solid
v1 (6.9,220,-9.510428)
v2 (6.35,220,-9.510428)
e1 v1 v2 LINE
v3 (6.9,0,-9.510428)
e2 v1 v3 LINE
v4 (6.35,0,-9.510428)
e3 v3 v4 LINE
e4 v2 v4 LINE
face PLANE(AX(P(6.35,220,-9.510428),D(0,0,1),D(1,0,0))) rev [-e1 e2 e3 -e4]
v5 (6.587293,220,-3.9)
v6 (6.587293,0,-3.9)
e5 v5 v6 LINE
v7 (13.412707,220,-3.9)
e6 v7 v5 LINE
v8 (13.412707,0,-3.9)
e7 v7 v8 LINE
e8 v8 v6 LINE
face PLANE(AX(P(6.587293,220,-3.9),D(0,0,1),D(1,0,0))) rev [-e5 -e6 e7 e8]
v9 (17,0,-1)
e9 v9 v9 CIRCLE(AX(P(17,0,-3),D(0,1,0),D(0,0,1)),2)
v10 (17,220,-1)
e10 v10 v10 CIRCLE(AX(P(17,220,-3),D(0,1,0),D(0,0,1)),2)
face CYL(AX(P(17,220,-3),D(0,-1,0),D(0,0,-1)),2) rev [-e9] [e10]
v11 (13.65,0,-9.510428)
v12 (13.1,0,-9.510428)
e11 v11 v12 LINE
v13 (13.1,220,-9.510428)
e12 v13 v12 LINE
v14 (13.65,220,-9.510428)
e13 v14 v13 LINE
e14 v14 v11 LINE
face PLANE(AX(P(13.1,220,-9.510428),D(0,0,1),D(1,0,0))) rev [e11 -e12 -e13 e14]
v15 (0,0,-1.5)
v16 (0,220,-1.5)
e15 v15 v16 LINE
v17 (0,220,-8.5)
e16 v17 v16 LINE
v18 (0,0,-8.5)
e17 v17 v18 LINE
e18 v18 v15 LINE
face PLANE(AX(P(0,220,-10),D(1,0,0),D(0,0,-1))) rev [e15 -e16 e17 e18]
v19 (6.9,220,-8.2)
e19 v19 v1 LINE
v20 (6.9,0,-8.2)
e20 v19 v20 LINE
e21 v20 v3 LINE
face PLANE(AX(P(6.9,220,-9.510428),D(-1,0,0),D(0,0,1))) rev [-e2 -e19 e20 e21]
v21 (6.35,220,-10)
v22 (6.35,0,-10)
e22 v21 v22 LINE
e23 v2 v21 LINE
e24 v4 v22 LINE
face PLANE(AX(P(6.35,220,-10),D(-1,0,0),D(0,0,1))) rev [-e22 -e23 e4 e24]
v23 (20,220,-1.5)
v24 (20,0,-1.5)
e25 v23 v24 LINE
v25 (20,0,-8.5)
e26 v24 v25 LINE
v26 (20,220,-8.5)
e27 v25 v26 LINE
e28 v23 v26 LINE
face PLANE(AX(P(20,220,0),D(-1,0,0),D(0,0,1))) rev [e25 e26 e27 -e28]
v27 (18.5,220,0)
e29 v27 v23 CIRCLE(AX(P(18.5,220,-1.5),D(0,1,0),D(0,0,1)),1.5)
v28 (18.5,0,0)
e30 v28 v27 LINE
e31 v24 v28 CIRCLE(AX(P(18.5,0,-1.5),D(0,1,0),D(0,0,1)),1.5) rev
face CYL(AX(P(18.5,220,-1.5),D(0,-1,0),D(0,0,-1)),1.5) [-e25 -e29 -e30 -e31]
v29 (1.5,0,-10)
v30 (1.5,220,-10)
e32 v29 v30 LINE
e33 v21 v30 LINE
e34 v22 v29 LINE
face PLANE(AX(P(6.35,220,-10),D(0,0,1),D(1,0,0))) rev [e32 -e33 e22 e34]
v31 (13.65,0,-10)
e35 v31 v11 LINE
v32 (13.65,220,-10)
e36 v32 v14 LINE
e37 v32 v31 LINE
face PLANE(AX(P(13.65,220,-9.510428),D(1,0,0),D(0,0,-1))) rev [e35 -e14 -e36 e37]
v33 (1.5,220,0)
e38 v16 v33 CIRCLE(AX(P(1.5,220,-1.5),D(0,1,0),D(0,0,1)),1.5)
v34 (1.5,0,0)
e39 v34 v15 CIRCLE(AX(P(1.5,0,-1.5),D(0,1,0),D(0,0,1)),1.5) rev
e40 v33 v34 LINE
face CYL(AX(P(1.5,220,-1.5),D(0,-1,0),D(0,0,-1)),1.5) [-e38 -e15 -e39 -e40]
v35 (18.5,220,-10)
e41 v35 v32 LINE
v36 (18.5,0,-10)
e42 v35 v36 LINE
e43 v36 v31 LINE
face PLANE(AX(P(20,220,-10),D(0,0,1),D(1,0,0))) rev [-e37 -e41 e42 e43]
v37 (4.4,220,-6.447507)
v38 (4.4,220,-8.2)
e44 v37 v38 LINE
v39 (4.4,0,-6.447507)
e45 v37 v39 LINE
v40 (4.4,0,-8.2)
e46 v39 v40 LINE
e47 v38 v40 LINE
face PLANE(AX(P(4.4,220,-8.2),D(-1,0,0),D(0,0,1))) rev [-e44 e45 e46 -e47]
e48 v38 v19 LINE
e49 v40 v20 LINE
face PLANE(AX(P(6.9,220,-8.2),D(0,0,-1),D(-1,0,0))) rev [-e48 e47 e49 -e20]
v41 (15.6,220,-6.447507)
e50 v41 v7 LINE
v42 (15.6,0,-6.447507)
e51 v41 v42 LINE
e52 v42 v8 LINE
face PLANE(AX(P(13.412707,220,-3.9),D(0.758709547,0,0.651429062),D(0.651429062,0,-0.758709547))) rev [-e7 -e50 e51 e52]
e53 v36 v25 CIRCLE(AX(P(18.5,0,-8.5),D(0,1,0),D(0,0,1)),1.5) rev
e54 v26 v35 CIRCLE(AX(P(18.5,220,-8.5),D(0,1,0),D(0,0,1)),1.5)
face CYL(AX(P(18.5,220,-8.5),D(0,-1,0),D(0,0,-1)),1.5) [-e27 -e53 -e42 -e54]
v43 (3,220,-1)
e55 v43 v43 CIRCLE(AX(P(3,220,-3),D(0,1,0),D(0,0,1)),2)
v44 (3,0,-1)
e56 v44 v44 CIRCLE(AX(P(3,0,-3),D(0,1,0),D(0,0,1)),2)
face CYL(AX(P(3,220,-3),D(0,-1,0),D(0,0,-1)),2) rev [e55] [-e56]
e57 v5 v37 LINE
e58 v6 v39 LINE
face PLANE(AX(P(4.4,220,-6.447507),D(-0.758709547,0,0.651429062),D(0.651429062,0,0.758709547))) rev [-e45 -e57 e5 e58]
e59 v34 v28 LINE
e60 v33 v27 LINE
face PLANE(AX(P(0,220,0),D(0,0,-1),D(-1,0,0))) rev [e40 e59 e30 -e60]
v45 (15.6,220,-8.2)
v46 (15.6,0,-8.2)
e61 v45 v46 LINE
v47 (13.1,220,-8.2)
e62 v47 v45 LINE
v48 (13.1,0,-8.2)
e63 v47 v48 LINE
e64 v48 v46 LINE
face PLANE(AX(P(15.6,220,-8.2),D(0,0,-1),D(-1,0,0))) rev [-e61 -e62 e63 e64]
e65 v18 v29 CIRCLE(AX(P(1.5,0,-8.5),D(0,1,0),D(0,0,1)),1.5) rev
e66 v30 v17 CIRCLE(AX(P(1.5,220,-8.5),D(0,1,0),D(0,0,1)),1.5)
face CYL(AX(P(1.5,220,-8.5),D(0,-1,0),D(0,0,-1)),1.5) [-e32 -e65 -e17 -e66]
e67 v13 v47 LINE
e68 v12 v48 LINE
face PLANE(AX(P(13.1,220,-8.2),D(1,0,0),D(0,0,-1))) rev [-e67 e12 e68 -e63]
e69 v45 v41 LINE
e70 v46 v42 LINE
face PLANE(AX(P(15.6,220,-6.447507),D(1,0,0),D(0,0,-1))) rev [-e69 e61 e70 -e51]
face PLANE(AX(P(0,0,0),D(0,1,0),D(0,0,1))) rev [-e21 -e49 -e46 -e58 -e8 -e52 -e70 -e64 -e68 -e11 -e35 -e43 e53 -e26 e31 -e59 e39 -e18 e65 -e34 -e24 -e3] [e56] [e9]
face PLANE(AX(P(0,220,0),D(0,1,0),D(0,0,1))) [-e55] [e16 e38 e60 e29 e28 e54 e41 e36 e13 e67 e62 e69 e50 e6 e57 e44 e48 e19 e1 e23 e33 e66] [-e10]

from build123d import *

# Parameters (mm, degrees)
SKETCH_1_R      = 2
EXTRUDE_1_DEPTH = 220
FILLET_1_R      = 1.5


with BuildPart() as part:
    # 草图1 → 凸台-拉伸1 (new body)
    with BuildSketch(Plane(origin=(0, 0, 0), x_dir=(1, 0, 0), z_dir=(0, 1, 0))):
        Polygon((0, 0), (20, 0), (20, 10), (13.65, 10), (13.65, 9.510427602), (13.1, 9.510427602), (13.1, 8.2), (15.6, 8.2), (15.6, 6.447507136), (13.412706863, 3.9), (6.587293137, 3.9), (4.4, 6.447507136), (4.4, 8.2), (6.9, 8.2), (6.9, 9.510427602), (6.35, 9.510427602), (6.35, 10), (0, 10), align=None)
        with Locations(Location((3, 3, 0), (0, 0, 270))):
            Circle(SKETCH_1_R, mode=Mode.SUBTRACT)
        with Locations(Location((17, 3, 0), (0, 0, 270))):
            Circle(SKETCH_1_R, mode=Mode.SUBTRACT)
    extrude(amount=EXTRUDE_1_DEPTH)

    # 圆角1
    fillet_1_edges = [part.edges().sort_by_distance(p)[0] for p in [
        (0, 110, -10),
        (20, 110, -10),
        (20, 110, 0),
        (0, 110, 0),
    ]]
    fillet(fillet_1_edges, radius=FILLET_1_R)


solid = part.part
